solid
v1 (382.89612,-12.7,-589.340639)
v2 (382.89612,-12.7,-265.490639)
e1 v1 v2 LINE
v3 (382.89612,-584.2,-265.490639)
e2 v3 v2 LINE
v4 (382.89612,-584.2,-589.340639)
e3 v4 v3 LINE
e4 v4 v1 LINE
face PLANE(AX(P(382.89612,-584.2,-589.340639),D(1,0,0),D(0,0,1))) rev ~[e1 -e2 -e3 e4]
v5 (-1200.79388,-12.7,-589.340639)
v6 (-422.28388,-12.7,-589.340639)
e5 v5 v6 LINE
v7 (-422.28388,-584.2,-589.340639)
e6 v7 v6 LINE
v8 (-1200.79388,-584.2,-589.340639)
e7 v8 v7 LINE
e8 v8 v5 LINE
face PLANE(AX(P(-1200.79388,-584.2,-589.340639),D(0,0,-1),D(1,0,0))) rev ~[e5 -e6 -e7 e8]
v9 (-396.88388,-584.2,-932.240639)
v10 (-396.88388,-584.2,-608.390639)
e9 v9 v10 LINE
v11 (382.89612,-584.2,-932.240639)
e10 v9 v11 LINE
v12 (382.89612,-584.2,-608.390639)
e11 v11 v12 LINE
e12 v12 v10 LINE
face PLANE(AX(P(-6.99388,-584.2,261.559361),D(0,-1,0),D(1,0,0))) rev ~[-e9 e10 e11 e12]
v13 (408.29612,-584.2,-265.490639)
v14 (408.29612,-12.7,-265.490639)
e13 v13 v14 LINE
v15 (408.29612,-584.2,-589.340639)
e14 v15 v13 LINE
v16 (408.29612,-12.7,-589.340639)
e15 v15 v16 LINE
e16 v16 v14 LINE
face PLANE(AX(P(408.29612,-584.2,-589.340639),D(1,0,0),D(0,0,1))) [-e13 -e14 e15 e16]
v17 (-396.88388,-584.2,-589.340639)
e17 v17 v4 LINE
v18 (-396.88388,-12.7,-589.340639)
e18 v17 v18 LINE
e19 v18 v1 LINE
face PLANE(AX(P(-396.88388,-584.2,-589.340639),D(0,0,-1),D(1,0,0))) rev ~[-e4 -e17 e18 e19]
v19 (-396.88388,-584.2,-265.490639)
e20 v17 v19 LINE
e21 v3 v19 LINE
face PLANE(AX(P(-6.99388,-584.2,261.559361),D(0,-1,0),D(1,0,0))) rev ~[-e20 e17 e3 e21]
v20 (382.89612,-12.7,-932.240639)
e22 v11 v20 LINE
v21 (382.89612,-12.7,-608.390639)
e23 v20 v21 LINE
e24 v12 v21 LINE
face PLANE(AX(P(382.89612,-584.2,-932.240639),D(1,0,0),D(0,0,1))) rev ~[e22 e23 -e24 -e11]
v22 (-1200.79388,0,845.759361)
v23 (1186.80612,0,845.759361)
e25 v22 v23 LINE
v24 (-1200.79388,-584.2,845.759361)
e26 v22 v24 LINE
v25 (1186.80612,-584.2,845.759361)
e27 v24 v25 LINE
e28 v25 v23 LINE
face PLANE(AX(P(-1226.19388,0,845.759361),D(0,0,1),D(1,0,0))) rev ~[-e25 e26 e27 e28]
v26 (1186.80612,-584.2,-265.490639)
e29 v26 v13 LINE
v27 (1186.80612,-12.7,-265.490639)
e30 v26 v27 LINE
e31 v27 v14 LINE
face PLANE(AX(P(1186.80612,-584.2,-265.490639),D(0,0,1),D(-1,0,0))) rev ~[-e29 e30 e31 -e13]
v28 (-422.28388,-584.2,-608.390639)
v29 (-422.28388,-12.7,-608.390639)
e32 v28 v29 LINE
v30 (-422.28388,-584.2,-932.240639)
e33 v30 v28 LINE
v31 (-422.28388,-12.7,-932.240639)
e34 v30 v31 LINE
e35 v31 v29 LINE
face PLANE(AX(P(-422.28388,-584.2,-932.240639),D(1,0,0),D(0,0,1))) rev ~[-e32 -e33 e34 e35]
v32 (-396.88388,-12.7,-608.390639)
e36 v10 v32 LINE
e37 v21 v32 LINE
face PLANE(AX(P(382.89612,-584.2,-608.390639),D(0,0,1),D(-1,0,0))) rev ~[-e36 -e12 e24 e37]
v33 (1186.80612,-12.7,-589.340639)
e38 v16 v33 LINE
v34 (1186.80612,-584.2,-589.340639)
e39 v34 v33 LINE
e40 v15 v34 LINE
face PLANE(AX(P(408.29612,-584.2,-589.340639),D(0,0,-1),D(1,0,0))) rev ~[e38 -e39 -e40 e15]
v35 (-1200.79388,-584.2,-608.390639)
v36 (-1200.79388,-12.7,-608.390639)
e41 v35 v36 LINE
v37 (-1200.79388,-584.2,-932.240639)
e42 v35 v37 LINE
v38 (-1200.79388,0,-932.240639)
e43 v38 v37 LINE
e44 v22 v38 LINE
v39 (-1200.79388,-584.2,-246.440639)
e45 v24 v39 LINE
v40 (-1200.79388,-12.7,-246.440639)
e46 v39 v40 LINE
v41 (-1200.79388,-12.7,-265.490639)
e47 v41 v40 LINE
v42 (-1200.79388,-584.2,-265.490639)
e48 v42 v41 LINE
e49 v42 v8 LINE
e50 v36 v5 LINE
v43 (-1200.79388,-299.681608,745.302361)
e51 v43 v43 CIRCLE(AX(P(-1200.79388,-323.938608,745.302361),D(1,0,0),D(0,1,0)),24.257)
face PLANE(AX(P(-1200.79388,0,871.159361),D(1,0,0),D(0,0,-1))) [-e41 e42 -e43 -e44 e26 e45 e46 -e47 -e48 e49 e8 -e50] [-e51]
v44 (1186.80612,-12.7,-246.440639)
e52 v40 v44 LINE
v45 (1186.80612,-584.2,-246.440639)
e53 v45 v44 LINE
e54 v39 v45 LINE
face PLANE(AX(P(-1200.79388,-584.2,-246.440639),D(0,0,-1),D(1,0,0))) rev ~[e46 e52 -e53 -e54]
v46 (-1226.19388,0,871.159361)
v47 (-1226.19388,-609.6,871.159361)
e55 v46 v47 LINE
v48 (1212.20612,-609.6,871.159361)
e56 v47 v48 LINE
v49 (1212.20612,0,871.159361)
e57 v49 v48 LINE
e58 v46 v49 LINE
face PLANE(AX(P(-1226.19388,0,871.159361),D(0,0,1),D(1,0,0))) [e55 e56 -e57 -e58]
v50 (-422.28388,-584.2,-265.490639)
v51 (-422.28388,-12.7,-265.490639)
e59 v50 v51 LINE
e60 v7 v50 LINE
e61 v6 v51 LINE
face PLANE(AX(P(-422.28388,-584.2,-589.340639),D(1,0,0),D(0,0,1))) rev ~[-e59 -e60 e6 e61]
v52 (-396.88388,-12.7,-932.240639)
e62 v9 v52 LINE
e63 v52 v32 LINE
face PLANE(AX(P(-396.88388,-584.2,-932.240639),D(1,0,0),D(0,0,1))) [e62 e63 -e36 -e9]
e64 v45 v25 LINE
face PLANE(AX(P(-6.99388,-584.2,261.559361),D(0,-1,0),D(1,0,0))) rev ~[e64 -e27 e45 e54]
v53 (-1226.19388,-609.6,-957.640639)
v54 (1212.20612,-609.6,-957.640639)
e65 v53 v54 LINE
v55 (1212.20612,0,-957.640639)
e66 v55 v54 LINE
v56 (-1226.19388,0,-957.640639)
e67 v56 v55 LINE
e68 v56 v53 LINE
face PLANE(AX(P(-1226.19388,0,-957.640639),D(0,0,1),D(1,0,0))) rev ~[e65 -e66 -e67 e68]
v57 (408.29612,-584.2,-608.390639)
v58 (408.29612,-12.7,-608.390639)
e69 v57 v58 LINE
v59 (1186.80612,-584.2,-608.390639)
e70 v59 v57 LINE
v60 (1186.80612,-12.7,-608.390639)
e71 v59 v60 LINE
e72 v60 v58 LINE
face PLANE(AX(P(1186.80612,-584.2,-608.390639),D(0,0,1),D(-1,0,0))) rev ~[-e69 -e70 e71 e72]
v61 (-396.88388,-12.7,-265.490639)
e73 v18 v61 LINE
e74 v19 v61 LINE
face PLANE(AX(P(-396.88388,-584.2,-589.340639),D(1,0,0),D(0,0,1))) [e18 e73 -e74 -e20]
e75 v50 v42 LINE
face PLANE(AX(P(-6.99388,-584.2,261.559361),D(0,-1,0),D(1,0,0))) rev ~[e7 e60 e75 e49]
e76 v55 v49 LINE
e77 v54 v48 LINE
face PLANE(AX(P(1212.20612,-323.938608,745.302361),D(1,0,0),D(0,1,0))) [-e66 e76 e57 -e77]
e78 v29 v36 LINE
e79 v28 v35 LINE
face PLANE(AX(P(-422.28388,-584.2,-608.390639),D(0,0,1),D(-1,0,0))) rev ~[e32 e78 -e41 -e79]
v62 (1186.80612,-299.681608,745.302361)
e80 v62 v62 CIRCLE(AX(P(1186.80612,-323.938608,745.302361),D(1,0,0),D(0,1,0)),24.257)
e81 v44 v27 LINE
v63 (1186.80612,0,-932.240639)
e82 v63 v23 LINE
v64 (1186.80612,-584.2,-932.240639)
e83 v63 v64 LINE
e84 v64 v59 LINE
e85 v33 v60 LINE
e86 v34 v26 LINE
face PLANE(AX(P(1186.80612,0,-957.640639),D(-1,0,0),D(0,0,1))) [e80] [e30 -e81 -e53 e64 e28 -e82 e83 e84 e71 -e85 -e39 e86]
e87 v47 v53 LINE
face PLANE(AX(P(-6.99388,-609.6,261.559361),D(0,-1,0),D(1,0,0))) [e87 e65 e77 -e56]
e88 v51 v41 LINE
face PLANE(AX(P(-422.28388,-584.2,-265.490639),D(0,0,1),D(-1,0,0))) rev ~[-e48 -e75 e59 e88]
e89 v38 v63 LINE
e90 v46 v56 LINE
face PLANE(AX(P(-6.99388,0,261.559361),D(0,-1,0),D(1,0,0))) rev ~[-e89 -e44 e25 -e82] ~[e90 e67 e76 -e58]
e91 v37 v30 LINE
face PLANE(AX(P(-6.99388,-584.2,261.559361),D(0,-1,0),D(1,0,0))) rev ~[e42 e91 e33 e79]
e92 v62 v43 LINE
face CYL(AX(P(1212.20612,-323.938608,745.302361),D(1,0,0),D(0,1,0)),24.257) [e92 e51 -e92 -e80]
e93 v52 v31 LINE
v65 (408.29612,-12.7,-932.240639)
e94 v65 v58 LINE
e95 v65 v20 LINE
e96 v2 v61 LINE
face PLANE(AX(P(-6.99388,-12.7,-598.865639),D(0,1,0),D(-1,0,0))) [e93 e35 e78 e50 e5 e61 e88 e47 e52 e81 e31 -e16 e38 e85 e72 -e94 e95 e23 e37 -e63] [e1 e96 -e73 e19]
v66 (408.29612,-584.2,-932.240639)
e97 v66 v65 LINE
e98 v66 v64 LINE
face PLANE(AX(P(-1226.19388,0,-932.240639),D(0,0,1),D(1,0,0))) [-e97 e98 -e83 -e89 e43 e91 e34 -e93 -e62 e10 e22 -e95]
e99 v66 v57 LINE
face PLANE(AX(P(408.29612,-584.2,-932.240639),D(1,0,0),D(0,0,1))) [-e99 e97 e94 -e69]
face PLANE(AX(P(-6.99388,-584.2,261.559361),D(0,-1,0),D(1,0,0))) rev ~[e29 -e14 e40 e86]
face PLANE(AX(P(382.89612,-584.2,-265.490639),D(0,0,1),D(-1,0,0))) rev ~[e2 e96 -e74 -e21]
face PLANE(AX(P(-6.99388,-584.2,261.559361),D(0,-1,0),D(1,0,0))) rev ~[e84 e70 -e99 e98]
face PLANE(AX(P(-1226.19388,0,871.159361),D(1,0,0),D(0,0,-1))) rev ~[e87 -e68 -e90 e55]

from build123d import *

# Parameters (mm, degrees)
F0_W     = 2438.4
F0_H     = 1219.2
F0_H_2   = 304.8
F1_DEPTH = 609.6
F2_T     = -25.4
F3_W     = 25.4
F3_H     = 323.85
F4_DEPTH = 571.5
F5_R     = 24.257
F6_DEPTH = 2438.4


with BuildPart() as f1:
    # F0 (on Front) → F1 (new body)
    with BuildSketch(Plane.XZ):
        with Locations((-6.99388, 261.559361)):
            Rectangle(F0_W, F0_H)
        with Locations((-6.99388, -500.440639)):
            Rectangle(F0_W, F0_H_2)
        with Locations((-6.99388, -805.240639)):
            Rectangle(F0_W, F0_H_2)
    extrude(amount=F1_DEPTH)

    # F2
    f2_openings = [f1.faces().sort_by_distance(p)[0] for p in [
        (-6.99388, 0, -43.240639),
    ]]
    offset(amount=F2_T, openings=f2_openings)

    # F3 (on face) → F4 (join)
    with BuildSketch(Plane(origin=(0, -584.2, 0), x_dir=(-1, 0, 0), z_dir=(0, 1, 0))):
        Polygon((-408.29612, -589.340639), (-1186.80612, -589.340639), (-1186.80612, -608.390639), (-408.29612, -608.390639), (-382.89612, -608.390639), (396.88388, -608.390639), (422.28388, -608.390639), (1200.79388, -608.390639), (1200.79388, -589.340639), (422.28388, -589.340639), (396.88388, -589.340639), (-382.89612, -589.340639), align=None)
        with Locations((-395.59612, -427.415639)):
            Rectangle(F3_W, F3_H)
        Polygon((-1186.80612, -265.490639), (-408.29612, -265.490639), (-382.89612, -265.490639), (396.88388, -265.490639), (422.28388, -265.490639), (1200.79388, -265.490639), (1200.79388, -246.440639), (-1186.80612, -246.440639), align=None)
        with Locations((-395.59612, -770.315639)):
            Rectangle(F3_W, F3_H)
        with Locations((409.58388, -427.415639)):
            Rectangle(F3_W, F3_H)
        with Locations((409.58388, -770.315639)):
            Rectangle(F3_W, F3_H)
    extrude(amount=F4_DEPTH)

    # F5 (on face) → F6 (join)
    with BuildSketch(Plane.YZ.offset(1212.20612)):
        with Locations((-323.938608, 745.302361)):
            Circle(F5_R)
    extrude(amount=-F6_DEPTH)


solid = f1.part
